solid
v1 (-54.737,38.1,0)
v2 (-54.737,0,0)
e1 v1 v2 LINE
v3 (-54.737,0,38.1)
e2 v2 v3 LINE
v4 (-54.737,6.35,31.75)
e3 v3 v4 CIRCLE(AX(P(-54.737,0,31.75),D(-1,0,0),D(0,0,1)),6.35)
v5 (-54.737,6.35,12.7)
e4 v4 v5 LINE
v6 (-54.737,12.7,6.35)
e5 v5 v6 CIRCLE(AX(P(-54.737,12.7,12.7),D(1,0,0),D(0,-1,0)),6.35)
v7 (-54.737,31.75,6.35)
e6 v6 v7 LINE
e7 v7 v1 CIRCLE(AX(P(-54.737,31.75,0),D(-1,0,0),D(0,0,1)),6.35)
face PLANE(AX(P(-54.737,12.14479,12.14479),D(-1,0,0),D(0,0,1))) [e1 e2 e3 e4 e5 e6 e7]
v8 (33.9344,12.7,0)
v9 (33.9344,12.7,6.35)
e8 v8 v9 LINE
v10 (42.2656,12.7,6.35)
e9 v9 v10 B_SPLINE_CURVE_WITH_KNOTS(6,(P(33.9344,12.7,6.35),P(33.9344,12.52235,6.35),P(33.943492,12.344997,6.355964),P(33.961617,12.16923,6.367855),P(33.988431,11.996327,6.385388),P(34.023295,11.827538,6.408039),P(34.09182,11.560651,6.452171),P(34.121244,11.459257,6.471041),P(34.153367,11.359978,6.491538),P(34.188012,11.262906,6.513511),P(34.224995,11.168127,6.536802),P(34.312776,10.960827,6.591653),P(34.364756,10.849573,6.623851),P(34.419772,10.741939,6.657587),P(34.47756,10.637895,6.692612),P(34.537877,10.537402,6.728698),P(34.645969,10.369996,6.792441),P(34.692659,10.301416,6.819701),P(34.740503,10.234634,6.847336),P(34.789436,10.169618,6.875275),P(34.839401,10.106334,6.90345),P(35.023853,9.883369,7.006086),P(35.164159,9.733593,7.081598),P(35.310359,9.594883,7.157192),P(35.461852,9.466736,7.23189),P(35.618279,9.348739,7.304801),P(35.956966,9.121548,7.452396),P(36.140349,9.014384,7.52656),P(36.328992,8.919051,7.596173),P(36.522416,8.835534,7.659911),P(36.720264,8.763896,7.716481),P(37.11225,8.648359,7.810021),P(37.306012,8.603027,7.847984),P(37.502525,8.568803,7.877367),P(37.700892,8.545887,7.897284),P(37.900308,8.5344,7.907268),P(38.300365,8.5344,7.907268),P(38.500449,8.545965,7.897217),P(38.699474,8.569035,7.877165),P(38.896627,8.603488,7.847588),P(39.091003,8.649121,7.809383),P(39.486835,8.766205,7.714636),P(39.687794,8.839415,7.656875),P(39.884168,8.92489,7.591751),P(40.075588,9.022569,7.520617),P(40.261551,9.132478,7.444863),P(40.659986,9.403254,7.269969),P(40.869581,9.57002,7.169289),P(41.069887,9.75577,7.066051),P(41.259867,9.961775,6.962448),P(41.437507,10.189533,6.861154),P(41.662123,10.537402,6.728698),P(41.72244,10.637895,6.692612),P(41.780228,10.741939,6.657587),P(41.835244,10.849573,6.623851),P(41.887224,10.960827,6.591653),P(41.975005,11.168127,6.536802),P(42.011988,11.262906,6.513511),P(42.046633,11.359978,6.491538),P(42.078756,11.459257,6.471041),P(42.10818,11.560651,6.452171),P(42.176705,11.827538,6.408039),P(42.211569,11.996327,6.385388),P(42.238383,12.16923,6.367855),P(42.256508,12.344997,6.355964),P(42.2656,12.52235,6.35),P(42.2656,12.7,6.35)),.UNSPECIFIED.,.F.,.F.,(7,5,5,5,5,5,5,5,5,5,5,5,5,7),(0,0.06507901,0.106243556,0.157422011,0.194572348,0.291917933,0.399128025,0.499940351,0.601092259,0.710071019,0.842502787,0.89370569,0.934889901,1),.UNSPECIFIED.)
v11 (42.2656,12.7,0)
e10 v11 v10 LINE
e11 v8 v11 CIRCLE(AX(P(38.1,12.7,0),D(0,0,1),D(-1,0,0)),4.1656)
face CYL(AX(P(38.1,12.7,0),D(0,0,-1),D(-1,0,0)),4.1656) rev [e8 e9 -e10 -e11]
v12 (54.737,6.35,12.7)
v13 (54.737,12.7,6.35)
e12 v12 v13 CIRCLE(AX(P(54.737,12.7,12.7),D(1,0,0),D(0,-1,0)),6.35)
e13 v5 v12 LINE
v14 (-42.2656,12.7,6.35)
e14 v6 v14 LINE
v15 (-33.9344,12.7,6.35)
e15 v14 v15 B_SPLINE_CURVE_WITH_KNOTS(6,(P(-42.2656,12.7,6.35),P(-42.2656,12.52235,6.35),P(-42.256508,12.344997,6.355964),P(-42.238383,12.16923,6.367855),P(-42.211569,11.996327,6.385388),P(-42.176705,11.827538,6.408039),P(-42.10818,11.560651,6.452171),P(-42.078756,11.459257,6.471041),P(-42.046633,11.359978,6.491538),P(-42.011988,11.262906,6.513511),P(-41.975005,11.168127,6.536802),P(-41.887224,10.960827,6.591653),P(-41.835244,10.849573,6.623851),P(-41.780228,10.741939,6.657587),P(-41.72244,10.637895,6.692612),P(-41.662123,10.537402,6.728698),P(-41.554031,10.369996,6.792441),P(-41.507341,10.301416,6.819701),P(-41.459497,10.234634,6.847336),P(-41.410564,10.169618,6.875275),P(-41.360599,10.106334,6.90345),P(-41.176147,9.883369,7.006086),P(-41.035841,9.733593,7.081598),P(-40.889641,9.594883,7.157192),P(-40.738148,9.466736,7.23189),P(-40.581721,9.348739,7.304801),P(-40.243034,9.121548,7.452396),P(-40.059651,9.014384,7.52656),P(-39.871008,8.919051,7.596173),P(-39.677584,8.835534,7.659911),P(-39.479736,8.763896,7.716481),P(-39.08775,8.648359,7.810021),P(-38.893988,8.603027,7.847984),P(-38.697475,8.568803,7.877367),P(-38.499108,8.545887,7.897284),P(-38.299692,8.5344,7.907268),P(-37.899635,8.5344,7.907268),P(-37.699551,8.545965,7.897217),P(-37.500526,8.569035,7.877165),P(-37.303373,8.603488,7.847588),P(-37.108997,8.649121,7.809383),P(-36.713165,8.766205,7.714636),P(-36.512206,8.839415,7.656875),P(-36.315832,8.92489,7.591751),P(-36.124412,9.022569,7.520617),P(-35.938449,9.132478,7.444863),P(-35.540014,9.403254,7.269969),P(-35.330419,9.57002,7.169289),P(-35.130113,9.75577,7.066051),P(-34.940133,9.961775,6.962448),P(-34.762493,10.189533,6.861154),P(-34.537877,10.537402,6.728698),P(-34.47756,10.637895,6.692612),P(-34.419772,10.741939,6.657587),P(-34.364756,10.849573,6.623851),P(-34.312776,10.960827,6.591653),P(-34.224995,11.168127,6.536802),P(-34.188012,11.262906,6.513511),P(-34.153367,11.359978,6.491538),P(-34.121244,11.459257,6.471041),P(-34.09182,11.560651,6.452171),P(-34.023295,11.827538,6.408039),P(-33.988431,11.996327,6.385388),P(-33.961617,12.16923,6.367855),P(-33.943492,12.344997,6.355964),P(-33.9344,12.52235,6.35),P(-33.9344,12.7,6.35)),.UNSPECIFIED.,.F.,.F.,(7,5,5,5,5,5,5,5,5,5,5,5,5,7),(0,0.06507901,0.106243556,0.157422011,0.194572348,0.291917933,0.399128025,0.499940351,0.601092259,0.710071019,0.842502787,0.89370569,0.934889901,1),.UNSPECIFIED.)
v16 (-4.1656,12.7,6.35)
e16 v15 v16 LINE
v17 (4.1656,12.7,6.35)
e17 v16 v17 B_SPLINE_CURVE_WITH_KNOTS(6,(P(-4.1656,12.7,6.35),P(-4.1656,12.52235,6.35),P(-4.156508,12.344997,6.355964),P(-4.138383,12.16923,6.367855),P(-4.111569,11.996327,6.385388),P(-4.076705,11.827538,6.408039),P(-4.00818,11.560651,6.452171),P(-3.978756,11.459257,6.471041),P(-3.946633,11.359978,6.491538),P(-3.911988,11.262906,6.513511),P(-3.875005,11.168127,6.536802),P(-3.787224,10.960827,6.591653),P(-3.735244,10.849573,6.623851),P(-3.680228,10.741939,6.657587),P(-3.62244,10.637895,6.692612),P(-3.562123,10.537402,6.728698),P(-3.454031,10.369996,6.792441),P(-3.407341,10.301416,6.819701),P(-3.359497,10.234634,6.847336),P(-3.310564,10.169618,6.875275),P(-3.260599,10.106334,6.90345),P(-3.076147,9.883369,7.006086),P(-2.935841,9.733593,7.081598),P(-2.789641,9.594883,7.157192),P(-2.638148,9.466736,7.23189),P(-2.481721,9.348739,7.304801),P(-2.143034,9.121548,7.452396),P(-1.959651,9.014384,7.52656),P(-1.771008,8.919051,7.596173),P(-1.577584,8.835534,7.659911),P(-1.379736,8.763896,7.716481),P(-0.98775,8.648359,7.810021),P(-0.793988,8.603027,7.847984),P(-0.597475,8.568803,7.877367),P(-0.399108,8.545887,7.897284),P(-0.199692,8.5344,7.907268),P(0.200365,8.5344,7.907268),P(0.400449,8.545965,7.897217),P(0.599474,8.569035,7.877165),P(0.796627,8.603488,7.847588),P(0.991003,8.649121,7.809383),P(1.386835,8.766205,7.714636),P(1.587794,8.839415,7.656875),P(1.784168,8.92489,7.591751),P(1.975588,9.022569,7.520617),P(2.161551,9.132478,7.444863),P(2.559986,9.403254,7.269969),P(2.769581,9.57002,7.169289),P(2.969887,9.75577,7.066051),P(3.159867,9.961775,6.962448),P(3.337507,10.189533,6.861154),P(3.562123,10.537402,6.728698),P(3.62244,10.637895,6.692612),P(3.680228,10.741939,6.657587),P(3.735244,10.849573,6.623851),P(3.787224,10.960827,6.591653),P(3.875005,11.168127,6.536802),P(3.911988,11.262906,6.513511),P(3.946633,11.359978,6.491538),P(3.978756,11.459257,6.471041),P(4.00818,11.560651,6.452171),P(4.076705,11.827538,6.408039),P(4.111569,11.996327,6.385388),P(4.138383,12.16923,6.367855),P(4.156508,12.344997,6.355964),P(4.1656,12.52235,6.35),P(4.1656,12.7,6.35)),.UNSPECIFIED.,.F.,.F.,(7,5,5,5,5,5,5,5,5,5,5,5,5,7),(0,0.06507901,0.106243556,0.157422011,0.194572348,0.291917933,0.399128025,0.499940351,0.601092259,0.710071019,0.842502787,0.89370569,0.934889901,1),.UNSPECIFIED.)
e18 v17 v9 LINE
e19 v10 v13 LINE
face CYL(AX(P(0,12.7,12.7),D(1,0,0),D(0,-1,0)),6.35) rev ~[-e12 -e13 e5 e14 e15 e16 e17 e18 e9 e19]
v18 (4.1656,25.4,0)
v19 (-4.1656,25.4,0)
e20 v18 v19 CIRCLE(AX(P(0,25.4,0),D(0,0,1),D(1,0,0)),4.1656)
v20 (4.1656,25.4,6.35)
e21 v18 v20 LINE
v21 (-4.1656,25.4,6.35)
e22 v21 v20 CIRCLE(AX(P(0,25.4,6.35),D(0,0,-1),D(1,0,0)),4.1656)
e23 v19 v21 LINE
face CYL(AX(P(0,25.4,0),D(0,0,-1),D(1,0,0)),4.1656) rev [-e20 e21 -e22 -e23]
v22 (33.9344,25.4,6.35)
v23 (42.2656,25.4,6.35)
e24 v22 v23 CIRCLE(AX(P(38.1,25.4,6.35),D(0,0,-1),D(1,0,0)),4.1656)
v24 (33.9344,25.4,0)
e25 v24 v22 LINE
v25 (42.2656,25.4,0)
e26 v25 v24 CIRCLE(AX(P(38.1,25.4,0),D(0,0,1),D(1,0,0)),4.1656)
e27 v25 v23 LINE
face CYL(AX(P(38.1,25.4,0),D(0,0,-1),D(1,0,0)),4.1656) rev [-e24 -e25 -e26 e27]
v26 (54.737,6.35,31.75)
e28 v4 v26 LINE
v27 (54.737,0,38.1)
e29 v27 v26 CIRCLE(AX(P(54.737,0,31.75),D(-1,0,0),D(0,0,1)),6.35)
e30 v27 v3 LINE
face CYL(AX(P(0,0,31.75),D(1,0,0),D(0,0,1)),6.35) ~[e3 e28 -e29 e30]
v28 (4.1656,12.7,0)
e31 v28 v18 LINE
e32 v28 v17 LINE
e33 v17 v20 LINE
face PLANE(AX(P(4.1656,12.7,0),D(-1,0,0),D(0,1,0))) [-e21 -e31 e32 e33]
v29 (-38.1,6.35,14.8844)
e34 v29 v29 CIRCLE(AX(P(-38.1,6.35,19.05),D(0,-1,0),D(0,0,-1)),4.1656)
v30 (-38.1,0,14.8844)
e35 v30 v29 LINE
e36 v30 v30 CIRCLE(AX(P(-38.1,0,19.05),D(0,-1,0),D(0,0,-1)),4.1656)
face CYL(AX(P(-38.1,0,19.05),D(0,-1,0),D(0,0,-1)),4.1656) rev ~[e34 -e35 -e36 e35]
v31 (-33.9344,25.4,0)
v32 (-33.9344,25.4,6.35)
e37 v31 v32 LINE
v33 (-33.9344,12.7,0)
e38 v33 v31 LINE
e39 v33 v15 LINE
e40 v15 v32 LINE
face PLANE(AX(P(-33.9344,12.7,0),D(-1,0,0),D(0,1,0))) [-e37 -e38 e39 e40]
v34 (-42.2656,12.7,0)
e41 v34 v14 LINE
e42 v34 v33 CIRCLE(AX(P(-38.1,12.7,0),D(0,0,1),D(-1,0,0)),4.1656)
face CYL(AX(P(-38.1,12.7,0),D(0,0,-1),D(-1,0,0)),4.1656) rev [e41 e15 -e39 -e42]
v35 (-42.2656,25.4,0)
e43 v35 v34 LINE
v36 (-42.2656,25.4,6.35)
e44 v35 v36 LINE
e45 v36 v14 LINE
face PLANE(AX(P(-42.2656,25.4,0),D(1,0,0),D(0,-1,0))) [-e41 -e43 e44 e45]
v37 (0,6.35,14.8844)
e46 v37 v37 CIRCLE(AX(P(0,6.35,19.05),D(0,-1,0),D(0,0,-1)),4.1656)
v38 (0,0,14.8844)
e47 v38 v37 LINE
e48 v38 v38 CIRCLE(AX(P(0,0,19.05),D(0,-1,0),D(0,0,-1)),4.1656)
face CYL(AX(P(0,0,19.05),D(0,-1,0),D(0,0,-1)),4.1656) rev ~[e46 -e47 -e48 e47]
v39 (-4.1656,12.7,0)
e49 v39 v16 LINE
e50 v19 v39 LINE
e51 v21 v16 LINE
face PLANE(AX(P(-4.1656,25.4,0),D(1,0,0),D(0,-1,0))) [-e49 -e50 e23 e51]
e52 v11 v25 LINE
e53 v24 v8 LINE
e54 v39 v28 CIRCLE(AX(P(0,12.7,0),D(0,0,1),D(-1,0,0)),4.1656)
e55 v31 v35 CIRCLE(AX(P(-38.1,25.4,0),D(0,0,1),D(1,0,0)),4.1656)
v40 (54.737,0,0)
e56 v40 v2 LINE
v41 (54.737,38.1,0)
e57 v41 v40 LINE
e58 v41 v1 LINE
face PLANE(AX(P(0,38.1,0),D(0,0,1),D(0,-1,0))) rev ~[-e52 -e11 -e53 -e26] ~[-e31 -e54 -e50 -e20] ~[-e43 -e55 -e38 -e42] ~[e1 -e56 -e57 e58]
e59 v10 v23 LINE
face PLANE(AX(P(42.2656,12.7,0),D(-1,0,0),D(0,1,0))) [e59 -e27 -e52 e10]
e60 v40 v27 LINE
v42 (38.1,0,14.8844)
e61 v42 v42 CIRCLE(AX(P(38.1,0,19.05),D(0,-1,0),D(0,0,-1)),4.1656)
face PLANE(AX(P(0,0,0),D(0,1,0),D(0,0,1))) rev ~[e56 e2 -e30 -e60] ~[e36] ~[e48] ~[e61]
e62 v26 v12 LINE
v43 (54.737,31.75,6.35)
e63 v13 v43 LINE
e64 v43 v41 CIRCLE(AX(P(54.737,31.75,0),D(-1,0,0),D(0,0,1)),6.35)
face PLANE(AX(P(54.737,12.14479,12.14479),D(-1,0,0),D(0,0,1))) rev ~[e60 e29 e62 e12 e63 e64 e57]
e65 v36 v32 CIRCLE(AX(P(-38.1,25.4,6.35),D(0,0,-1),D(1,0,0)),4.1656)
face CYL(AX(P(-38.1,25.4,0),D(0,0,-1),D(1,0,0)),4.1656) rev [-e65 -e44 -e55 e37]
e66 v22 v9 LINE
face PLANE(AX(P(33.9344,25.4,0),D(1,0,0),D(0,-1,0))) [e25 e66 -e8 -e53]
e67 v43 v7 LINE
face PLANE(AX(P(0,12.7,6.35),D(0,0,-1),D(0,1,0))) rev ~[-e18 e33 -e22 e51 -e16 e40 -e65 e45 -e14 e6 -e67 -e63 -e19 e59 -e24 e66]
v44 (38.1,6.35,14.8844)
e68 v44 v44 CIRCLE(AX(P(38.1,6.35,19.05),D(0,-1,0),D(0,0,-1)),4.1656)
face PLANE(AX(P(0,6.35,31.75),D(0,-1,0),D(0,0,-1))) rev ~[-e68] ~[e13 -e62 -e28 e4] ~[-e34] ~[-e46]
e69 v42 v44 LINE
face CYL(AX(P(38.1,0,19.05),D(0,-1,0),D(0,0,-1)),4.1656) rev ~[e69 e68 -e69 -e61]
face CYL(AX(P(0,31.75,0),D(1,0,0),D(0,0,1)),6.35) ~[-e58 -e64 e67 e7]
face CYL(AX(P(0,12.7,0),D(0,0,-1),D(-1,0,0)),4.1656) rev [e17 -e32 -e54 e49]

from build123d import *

# Parameters (mm, degrees)
BASE_EXTRUDE_DEPTH = 54.737
SKETCH2_R          = 4.1656
HOLE_DEPTH         = 77.807285911
HOLE_PATTERN_COUNT = 3
HOLE_PATTERN_PITCH = 38.1
SLOT_DEPTH         = 77.807285911
SLOT_PATTERN_COUNT = 3
SLOT_PATTERN_PITCH = 38.1


with BuildPart() as part:
    # Sketch1 → Base Extrude (new, symmetric)
    with BuildSketch(Plane(origin=(0, 0, 0), x_dir=(0, 0, -1), z_dir=(1, 0, 0))):
        with BuildLine():
            Line((-6.35, 12.7), (-6.35, 31.75))
            ThreePointArc((-6.35, 31.75), (-4.490128061, 36.240128061), (0, 38.1))
            Line((0, 38.1), (0, 0))
            Line((0, 0), (-38.1, 0))
            ThreePointArc((-38.1, 0), (-36.240128061, 4.490128061), (-31.75, 6.35))
            Line((-31.75, 6.35), (-12.7, 6.35))
            ThreePointArc((-12.7, 6.35), (-8.209871939, 8.209871939), (-6.35, 12.7))
        make_face()
    extrude(amount=BASE_EXTRUDE_DEPTH, both=True)

    # Sketch2 → Hole (cut, through all)
    with BuildSketch(Plane.XZ):
        with Locations(Location((-38.1, 19.05, 0), (0, 0, 270))):
            Circle(SKETCH2_R)
    hole = extrude(amount=-HOLE_DEPTH, mode=Mode.SUBTRACT)

    # Hole Pattern: Hole ×3
    with Locations(*[(i * HOLE_PATTERN_PITCH, 0, 0) for i in range(1, HOLE_PATTERN_COUNT)]):
        add(hole, mode=Mode.SUBTRACT)

    # Sketch3 → Slot (cut, through all)
    with BuildSketch(Plane(origin=(0, 0, 0), x_dir=(-1, 0, 0), z_dir=(0, 0, -1))):
        with BuildLine():
            Line((42.2656, 25.4), (42.2656, 12.7))
            ThreePointArc((42.2656, 12.7), (38.1, 8.5344), (33.9344, 12.7))
            Line((33.9344, 12.7), (33.9344, 25.4))
            ThreePointArc((33.9344, 25.4), (38.1, 29.5656), (42.2656, 25.4))
        make_face()
    slot = extrude(amount=-SLOT_DEPTH, mode=Mode.SUBTRACT)

    # Slot Pattern: Slot ×3
    with Locations(*[(i * SLOT_PATTERN_PITCH, 0, 0) for i in range(1, SLOT_PATTERN_COUNT)]):
        add(slot, mode=Mode.SUBTRACT)


solid = part.part
